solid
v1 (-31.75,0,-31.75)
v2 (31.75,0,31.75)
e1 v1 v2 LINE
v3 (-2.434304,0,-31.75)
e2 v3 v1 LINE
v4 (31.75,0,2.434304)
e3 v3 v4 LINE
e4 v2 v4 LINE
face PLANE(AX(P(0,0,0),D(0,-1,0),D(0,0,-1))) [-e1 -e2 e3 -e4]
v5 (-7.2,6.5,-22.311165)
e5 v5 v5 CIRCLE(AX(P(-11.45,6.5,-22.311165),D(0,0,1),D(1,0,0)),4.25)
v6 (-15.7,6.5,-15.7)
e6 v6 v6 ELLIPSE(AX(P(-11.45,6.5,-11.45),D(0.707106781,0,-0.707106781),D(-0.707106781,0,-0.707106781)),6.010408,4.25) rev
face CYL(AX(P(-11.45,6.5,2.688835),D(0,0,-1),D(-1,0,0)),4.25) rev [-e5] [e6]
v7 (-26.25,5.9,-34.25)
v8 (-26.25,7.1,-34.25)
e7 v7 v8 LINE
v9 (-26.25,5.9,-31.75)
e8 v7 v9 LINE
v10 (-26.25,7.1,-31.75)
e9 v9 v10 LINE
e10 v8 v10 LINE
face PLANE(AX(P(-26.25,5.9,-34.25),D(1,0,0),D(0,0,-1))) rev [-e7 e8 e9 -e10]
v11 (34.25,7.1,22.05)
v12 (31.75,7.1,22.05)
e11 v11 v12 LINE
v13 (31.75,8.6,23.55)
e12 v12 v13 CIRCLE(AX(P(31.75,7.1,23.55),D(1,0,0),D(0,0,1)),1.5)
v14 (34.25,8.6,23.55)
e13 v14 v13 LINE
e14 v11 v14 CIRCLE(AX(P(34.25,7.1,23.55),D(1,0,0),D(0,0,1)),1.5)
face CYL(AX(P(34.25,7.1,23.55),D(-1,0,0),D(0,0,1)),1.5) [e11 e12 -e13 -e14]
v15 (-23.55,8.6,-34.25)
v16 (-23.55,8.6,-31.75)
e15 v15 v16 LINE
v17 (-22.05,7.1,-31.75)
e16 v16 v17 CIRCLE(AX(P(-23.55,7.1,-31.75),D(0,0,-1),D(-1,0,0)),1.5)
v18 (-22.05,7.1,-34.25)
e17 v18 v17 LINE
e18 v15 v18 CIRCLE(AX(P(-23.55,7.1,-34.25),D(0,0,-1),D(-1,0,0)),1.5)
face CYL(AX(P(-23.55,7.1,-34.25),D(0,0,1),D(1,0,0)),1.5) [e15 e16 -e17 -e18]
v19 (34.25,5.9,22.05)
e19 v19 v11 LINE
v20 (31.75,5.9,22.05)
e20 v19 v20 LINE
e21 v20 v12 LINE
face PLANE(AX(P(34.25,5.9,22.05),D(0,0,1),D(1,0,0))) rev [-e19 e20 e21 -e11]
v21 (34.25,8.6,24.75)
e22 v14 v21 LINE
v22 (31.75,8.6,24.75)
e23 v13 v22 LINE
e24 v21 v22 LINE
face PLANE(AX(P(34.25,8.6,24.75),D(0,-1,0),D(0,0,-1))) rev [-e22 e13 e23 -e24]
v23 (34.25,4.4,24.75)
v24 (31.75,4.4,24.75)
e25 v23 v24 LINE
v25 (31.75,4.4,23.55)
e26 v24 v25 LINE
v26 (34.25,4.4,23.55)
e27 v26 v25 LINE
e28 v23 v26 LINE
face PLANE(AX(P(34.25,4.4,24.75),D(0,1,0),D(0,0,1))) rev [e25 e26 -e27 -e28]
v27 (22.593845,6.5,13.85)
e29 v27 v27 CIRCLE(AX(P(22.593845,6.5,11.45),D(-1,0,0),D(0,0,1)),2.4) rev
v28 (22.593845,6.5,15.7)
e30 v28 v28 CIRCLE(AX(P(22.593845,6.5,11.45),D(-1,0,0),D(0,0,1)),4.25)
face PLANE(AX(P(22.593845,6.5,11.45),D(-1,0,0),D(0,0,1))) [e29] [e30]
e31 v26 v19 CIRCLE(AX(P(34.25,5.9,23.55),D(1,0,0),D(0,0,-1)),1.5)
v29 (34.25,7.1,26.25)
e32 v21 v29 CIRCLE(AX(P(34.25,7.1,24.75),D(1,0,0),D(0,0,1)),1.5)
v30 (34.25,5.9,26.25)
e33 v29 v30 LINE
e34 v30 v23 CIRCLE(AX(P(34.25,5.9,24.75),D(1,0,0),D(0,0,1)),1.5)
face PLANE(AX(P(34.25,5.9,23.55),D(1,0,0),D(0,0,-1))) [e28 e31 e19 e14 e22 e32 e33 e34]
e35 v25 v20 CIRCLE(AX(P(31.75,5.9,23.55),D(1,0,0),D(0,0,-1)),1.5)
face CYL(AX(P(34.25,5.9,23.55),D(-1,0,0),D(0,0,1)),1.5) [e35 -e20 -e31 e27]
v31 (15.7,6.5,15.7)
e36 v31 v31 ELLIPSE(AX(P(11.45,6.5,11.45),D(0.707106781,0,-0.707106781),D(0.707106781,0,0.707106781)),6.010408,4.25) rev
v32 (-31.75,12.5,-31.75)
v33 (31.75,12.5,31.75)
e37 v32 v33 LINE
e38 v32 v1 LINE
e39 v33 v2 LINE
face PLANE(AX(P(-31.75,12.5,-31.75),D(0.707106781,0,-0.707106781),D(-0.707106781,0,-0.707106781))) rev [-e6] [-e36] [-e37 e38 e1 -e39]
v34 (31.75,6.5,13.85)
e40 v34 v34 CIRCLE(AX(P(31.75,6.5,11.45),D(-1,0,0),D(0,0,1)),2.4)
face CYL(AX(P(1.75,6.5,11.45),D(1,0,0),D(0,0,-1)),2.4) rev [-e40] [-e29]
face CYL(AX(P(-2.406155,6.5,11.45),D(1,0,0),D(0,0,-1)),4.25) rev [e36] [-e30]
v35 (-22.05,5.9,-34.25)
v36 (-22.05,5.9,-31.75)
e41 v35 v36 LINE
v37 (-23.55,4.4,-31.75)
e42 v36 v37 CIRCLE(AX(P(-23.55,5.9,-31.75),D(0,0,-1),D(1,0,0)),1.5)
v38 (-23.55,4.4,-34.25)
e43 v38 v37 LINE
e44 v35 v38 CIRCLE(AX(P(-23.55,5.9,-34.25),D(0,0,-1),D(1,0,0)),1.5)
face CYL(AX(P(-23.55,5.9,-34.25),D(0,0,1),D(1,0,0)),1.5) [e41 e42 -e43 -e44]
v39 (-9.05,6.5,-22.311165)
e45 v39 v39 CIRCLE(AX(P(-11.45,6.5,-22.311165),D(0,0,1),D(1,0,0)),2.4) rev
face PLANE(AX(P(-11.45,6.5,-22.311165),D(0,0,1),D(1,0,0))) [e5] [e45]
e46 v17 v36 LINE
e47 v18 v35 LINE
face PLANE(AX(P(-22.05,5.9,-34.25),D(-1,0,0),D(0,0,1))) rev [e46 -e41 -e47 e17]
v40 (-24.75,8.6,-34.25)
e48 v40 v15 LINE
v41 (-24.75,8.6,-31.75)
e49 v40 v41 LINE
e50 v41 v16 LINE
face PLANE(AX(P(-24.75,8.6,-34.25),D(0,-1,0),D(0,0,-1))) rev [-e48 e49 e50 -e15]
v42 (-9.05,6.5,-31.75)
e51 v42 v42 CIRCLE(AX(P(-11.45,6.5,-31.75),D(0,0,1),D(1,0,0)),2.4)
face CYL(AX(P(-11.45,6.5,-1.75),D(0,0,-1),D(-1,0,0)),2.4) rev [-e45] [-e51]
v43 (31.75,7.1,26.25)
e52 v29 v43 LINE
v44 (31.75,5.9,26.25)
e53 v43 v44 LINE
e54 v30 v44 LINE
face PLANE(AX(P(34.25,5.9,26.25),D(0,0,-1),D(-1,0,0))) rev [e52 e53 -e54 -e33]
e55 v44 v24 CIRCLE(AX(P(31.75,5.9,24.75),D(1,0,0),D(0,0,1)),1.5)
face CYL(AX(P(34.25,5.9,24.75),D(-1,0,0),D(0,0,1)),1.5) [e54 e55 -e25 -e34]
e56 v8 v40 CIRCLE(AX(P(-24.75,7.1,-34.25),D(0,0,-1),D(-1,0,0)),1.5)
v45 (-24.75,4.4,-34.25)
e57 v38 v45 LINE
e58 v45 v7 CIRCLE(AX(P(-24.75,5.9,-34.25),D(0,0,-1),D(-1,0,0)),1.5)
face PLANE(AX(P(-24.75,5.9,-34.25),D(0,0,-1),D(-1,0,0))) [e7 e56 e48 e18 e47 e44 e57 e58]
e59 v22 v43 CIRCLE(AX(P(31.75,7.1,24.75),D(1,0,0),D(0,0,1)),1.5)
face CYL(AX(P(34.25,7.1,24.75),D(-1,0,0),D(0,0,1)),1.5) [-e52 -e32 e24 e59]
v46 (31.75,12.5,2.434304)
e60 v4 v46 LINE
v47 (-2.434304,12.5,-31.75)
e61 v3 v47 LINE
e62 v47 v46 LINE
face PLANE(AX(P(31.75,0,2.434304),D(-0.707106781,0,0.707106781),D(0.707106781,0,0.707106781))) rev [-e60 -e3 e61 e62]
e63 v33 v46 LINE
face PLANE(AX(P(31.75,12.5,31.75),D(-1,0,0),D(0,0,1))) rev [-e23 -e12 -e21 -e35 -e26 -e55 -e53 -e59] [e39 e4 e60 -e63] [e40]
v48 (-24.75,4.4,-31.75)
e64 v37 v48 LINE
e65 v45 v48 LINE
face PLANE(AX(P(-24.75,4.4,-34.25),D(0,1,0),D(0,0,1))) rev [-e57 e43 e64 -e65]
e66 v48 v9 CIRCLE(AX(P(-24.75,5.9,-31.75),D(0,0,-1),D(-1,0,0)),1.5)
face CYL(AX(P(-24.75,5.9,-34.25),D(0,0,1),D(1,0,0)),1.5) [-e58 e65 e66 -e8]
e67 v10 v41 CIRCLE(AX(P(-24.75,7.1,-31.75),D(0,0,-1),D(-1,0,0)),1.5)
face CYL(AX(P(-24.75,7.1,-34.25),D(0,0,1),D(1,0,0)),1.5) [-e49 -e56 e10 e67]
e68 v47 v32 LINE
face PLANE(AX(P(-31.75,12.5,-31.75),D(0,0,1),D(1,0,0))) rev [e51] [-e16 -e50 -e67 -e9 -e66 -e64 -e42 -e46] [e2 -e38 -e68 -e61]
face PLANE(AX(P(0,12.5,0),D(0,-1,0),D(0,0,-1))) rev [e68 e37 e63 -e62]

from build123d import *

# Parameters (mm, degrees)
BOSS_EXTRUDE1_DEPTH     = 12.5
BOSS_EXTRUDE2_DEPTH     = 2.5
BOSS_EXTRUDE3_DEPTH     = 2.5
CUT_EXTRUDE1_DEPTH      = 51.023744362
SKETCH5_R               = 2.4
CUT_EXTRUDE2_DEPTH      = 32.5
SKETCH6_R               = 2.4
CUT_EXTRUDE3_DEPTH      = 32.5
CUT_EXTRUDE4_DEPTH      = 12.5
CUT_EXTRUDE4_DEPTH_BACK = 12.5
SKETCH7_R               = 4.25
CUT_EXTRUDE5_DEPTH      = 12.5
CUT_EXTRUDE5_DEPTH_BACK = 12.5
SKETCH8_R               = 4.25


with BuildPart() as part:
    # Sketch1 → Boss-Extrude1 (new body)
    with BuildSketch(Plane(origin=(0, 0, 0), x_dir=(1, 0, 0), z_dir=(0, 1, 0))):
        Polygon((-31.75, 31.75), (31.75, -31.75), (31.75, 31.75), align=None)
    extrude(amount=BOSS_EXTRUDE1_DEPTH)

    # Sketch2 → Boss-Extrude2 (add)
    with BuildSketch(Plane(origin=(31.75, 0, 0), x_dir=(0, 0, -1), z_dir=(1, 0, 0))):
        with BuildLine():
            Line((26.05, 4.4), (27.25, 4.4))
            ThreePointArc((27.25, 4.4), (28.310660172, 4.839339828), (28.75, 5.9))
            Line((28.75, 5.9), (28.75, 7.1))
            ThreePointArc((28.75, 7.1), (28.310660172, 8.160660172), (27.25, 8.6))
            Line((27.25, 8.6), (26.05, 8.6))
            ThreePointArc((26.05, 8.6), (24.989339828, 8.160660172), (24.55, 7.1))
            Line((24.55, 7.1), (24.55, 5.9))
            ThreePointArc((24.55, 5.9), (24.989339828, 4.839339828), (26.05, 4.4))
        make_face()
        with BuildLine():
            Line((11.85, 5.9), (11.85, 7.1))
            ThreePointArc((11.85, 7.1), (12.289339828, 8.160660172), (13.35, 8.6))
            Line((13.35, 8.6), (14.55, 8.6))
            ThreePointArc((14.55, 8.6), (15.610660172, 8.160660172), (16.05, 7.1))
            Line((16.05, 7.1), (16.05, 5.9))
            ThreePointArc((16.05, 5.9), (15.610660172, 4.839339828), (14.55, 4.4))
            Line((14.55, 4.4), (13.35, 4.4))
            ThreePointArc((13.35, 4.4), (12.289339828, 4.839339828), (11.85, 5.9))
        make_face()
        with BuildLine():
            Line((-0.85, 5.9), (-0.85, 7.1))
            ThreePointArc((-0.85, 7.1), (-0.410660172, 8.160660172), (0.65, 8.6))
            Line((0.65, 8.6), (1.85, 8.6))
            ThreePointArc((1.85, 8.6), (2.910660172, 8.160660172), (3.35, 7.1))
            Line((3.35, 7.1), (3.35, 5.9))
            ThreePointArc((3.35, 5.9), (2.910660172, 4.839339828), (1.85, 4.4))
            Line((1.85, 4.4), (0.65, 4.4))
            ThreePointArc((0.65, 4.4), (-0.410660172, 4.839339828), (-0.85, 5.9))
        make_face()
        with BuildLine():
            Line((-13.55, 5.9), (-13.55, 7.1))
            ThreePointArc((-13.55, 7.1), (-13.110660172, 8.160660172), (-12.05, 8.6))
            Line((-12.05, 8.6), (-10.85, 8.6))
            ThreePointArc((-10.85, 8.6), (-9.789339828, 8.160660172), (-9.35, 7.1))
            Line((-9.35, 7.1), (-9.35, 5.9))
            ThreePointArc((-9.35, 5.9), (-9.789339828, 4.839339828), (-10.85, 4.4))
            Line((-10.85, 4.4), (-12.05, 4.4))
            ThreePointArc((-12.05, 4.4), (-13.110660172, 4.839339828), (-13.55, 5.9))
        make_face()
        with BuildLine():
            Line((-26.25, 5.9), (-26.25, 7.1))
            ThreePointArc((-26.25, 7.1), (-25.810660172, 8.160660172), (-24.75, 8.6))
            Line((-24.75, 8.6), (-23.55, 8.6))
            ThreePointArc((-23.55, 8.6), (-22.489339828, 8.160660172), (-22.05, 7.1))
            Line((-22.05, 7.1), (-22.05, 5.9))
            ThreePointArc((-22.05, 5.9), (-22.489339828, 4.839339828), (-23.55, 4.4))
            Line((-23.55, 4.4), (-24.75, 4.4))
            ThreePointArc((-24.75, 4.4), (-25.810660172, 4.839339828), (-26.25, 5.9))
        make_face()
    extrude(amount=BOSS_EXTRUDE2_DEPTH)

    # Sketch3 → Boss-Extrude3 (add)
    with BuildSketch(Plane(origin=(0, 0, -31.75), x_dir=(-1, 0, 0), z_dir=(0, 0, -1))):
        with BuildLine():
            Line((-26.05, 4.4), (-27.25, 4.4))
            ThreePointArc((-27.25, 4.4), (-28.310660172, 4.839339828), (-28.75, 5.9))
            Line((-28.75, 5.9), (-28.75, 7.1))
            ThreePointArc((-28.75, 7.1), (-28.310660172, 8.160660172), (-27.25, 8.6))
            Line((-27.25, 8.6), (-26.05, 8.6))
            ThreePointArc((-26.05, 8.6), (-24.989339828, 8.160660172), (-24.55, 7.1))
            Line((-24.55, 7.1), (-24.55, 5.9))
            ThreePointArc((-24.55, 5.9), (-24.989339828, 4.839339828), (-26.05, 4.4))
        make_face()
        with BuildLine():
            Line((-11.85, 5.9), (-11.85, 7.1))
            ThreePointArc((-11.85, 7.1), (-12.289339828, 8.160660172), (-13.35, 8.6))
            Line((-13.35, 8.6), (-14.55, 8.6))
            ThreePointArc((-14.55, 8.6), (-15.610660172, 8.160660172), (-16.05, 7.1))
            Line((-16.05, 7.1), (-16.05, 5.9))
            ThreePointArc((-16.05, 5.9), (-15.610660172, 4.839339828), (-14.55, 4.4))
            Line((-14.55, 4.4), (-13.35, 4.4))
            ThreePointArc((-13.35, 4.4), (-12.289339828, 4.839339828), (-11.85, 5.9))
        make_face()
        with BuildLine():
            Line((0.85, 5.9), (0.85, 7.1))
            ThreePointArc((0.85, 7.1), (0.410660172, 8.160660172), (-0.65, 8.6))
            Line((-0.65, 8.6), (-1.85, 8.6))
            ThreePointArc((-1.85, 8.6), (-2.910660172, 8.160660172), (-3.35, 7.1))
            Line((-3.35, 7.1), (-3.35, 5.9))
            ThreePointArc((-3.35, 5.9), (-2.910660172, 4.839339828), (-1.85, 4.4))
            Line((-1.85, 4.4), (-0.65, 4.4))
            ThreePointArc((-0.65, 4.4), (0.410660172, 4.839339828), (0.85, 5.9))
        make_face()
        with BuildLine():
            Line((13.55, 5.9), (13.55, 7.1))
            ThreePointArc((13.55, 7.1), (13.110660172, 8.160660172), (12.05, 8.6))
            Line((12.05, 8.6), (10.85, 8.6))
            ThreePointArc((10.85, 8.6), (9.789339828, 8.160660172), (9.35, 7.1))
            Line((9.35, 7.1), (9.35, 5.9))
            ThreePointArc((9.35, 5.9), (9.789339828, 4.839339828), (10.85, 4.4))
            Line((10.85, 4.4), (12.05, 4.4))
            ThreePointArc((12.05, 4.4), (13.110660172, 4.839339828), (13.55, 5.9))
        make_face()
        with BuildLine():
            Line((26.25, 5.9), (26.25, 7.1))
            ThreePointArc((26.25, 7.1), (25.810660172, 8.160660172), (24.75, 8.6))
            Line((24.75, 8.6), (23.55, 8.6))
            ThreePointArc((23.55, 8.6), (22.489339828, 8.160660172), (22.05, 7.1))
            Line((22.05, 7.1), (22.05, 5.9))
            ThreePointArc((22.05, 5.9), (22.489339828, 4.839339828), (23.55, 4.4))
            Line((23.55, 4.4), (24.75, 4.4))
            ThreePointArc((24.75, 4.4), (25.810660172, 4.839339828), (26.25, 5.9))
        make_face()
    extrude(amount=BOSS_EXTRUDE3_DEPTH)

    # Sketch4 → Cut-Extrude1 (cut, through all)
    with BuildSketch(Plane(origin=(0, 12.5, 0), x_dir=(1, 0, 0), z_dir=(0, 1, 0))):
        Polygon((31.75, -2.434304015), (-2.434304015, 31.75), (-2.434304015, 36.268787218), (35.715446441, 36.268787218), (35.715446441, -2.434304015), align=None)
    extrude(amount=-CUT_EXTRUDE1_DEPTH, mode=Mode.SUBTRACT)

    # Sketch5 → Cut-Extrude2 (cut)
    with BuildSketch(Plane(origin=(34.25, 0, 0), x_dir=(0, 0, -1), z_dir=(1, 0, 0))):
        with Locations(Location((-11.45, 6.5, 0), (0, 0, 180))):
            Circle(SKETCH5_R)
    extrude(amount=-CUT_EXTRUDE2_DEPTH, mode=Mode.SUBTRACT)

    # Sketch6 → Cut-Extrude3 (cut)
    with BuildSketch(Plane(origin=(0, 0, -34.25), x_dir=(-1, 0, 0), z_dir=(0, 0, -1))):
        with Locations((11.45, 6.5)):
            Circle(SKETCH6_R)
    extrude(amount=-CUT_EXTRUDE3_DEPTH, mode=Mode.SUBTRACT)

    # Sketch7 → Cut-Extrude4 (cut, two sides: drawn at the far end of the back side and taken through both)
    with BuildSketch(Plane.XY.offset(-9.811165381).offset(-CUT_EXTRUDE4_DEPTH_BACK)):
        with Locations(Location((-11.45, 6.5, 0), (0, 0, 180))):
            Circle(SKETCH7_R)
    extrude(amount=CUT_EXTRUDE4_DEPTH + CUT_EXTRUDE4_DEPTH_BACK, mode=Mode.SUBTRACT)

    # Sketch8 → Cut-Extrude5 (cut, two sides: drawn at the far end of the back side and taken through both)
    with BuildSketch(Plane.ZY.offset(-10.09384537).offset(-CUT_EXTRUDE5_DEPTH_BACK)):
        with Locations((11.45, 6.5)):
            Circle(SKETCH8_R)
    extrude(amount=CUT_EXTRUDE5_DEPTH + CUT_EXTRUDE5_DEPTH_BACK, mode=Mode.SUBTRACT)


solid = part.part
